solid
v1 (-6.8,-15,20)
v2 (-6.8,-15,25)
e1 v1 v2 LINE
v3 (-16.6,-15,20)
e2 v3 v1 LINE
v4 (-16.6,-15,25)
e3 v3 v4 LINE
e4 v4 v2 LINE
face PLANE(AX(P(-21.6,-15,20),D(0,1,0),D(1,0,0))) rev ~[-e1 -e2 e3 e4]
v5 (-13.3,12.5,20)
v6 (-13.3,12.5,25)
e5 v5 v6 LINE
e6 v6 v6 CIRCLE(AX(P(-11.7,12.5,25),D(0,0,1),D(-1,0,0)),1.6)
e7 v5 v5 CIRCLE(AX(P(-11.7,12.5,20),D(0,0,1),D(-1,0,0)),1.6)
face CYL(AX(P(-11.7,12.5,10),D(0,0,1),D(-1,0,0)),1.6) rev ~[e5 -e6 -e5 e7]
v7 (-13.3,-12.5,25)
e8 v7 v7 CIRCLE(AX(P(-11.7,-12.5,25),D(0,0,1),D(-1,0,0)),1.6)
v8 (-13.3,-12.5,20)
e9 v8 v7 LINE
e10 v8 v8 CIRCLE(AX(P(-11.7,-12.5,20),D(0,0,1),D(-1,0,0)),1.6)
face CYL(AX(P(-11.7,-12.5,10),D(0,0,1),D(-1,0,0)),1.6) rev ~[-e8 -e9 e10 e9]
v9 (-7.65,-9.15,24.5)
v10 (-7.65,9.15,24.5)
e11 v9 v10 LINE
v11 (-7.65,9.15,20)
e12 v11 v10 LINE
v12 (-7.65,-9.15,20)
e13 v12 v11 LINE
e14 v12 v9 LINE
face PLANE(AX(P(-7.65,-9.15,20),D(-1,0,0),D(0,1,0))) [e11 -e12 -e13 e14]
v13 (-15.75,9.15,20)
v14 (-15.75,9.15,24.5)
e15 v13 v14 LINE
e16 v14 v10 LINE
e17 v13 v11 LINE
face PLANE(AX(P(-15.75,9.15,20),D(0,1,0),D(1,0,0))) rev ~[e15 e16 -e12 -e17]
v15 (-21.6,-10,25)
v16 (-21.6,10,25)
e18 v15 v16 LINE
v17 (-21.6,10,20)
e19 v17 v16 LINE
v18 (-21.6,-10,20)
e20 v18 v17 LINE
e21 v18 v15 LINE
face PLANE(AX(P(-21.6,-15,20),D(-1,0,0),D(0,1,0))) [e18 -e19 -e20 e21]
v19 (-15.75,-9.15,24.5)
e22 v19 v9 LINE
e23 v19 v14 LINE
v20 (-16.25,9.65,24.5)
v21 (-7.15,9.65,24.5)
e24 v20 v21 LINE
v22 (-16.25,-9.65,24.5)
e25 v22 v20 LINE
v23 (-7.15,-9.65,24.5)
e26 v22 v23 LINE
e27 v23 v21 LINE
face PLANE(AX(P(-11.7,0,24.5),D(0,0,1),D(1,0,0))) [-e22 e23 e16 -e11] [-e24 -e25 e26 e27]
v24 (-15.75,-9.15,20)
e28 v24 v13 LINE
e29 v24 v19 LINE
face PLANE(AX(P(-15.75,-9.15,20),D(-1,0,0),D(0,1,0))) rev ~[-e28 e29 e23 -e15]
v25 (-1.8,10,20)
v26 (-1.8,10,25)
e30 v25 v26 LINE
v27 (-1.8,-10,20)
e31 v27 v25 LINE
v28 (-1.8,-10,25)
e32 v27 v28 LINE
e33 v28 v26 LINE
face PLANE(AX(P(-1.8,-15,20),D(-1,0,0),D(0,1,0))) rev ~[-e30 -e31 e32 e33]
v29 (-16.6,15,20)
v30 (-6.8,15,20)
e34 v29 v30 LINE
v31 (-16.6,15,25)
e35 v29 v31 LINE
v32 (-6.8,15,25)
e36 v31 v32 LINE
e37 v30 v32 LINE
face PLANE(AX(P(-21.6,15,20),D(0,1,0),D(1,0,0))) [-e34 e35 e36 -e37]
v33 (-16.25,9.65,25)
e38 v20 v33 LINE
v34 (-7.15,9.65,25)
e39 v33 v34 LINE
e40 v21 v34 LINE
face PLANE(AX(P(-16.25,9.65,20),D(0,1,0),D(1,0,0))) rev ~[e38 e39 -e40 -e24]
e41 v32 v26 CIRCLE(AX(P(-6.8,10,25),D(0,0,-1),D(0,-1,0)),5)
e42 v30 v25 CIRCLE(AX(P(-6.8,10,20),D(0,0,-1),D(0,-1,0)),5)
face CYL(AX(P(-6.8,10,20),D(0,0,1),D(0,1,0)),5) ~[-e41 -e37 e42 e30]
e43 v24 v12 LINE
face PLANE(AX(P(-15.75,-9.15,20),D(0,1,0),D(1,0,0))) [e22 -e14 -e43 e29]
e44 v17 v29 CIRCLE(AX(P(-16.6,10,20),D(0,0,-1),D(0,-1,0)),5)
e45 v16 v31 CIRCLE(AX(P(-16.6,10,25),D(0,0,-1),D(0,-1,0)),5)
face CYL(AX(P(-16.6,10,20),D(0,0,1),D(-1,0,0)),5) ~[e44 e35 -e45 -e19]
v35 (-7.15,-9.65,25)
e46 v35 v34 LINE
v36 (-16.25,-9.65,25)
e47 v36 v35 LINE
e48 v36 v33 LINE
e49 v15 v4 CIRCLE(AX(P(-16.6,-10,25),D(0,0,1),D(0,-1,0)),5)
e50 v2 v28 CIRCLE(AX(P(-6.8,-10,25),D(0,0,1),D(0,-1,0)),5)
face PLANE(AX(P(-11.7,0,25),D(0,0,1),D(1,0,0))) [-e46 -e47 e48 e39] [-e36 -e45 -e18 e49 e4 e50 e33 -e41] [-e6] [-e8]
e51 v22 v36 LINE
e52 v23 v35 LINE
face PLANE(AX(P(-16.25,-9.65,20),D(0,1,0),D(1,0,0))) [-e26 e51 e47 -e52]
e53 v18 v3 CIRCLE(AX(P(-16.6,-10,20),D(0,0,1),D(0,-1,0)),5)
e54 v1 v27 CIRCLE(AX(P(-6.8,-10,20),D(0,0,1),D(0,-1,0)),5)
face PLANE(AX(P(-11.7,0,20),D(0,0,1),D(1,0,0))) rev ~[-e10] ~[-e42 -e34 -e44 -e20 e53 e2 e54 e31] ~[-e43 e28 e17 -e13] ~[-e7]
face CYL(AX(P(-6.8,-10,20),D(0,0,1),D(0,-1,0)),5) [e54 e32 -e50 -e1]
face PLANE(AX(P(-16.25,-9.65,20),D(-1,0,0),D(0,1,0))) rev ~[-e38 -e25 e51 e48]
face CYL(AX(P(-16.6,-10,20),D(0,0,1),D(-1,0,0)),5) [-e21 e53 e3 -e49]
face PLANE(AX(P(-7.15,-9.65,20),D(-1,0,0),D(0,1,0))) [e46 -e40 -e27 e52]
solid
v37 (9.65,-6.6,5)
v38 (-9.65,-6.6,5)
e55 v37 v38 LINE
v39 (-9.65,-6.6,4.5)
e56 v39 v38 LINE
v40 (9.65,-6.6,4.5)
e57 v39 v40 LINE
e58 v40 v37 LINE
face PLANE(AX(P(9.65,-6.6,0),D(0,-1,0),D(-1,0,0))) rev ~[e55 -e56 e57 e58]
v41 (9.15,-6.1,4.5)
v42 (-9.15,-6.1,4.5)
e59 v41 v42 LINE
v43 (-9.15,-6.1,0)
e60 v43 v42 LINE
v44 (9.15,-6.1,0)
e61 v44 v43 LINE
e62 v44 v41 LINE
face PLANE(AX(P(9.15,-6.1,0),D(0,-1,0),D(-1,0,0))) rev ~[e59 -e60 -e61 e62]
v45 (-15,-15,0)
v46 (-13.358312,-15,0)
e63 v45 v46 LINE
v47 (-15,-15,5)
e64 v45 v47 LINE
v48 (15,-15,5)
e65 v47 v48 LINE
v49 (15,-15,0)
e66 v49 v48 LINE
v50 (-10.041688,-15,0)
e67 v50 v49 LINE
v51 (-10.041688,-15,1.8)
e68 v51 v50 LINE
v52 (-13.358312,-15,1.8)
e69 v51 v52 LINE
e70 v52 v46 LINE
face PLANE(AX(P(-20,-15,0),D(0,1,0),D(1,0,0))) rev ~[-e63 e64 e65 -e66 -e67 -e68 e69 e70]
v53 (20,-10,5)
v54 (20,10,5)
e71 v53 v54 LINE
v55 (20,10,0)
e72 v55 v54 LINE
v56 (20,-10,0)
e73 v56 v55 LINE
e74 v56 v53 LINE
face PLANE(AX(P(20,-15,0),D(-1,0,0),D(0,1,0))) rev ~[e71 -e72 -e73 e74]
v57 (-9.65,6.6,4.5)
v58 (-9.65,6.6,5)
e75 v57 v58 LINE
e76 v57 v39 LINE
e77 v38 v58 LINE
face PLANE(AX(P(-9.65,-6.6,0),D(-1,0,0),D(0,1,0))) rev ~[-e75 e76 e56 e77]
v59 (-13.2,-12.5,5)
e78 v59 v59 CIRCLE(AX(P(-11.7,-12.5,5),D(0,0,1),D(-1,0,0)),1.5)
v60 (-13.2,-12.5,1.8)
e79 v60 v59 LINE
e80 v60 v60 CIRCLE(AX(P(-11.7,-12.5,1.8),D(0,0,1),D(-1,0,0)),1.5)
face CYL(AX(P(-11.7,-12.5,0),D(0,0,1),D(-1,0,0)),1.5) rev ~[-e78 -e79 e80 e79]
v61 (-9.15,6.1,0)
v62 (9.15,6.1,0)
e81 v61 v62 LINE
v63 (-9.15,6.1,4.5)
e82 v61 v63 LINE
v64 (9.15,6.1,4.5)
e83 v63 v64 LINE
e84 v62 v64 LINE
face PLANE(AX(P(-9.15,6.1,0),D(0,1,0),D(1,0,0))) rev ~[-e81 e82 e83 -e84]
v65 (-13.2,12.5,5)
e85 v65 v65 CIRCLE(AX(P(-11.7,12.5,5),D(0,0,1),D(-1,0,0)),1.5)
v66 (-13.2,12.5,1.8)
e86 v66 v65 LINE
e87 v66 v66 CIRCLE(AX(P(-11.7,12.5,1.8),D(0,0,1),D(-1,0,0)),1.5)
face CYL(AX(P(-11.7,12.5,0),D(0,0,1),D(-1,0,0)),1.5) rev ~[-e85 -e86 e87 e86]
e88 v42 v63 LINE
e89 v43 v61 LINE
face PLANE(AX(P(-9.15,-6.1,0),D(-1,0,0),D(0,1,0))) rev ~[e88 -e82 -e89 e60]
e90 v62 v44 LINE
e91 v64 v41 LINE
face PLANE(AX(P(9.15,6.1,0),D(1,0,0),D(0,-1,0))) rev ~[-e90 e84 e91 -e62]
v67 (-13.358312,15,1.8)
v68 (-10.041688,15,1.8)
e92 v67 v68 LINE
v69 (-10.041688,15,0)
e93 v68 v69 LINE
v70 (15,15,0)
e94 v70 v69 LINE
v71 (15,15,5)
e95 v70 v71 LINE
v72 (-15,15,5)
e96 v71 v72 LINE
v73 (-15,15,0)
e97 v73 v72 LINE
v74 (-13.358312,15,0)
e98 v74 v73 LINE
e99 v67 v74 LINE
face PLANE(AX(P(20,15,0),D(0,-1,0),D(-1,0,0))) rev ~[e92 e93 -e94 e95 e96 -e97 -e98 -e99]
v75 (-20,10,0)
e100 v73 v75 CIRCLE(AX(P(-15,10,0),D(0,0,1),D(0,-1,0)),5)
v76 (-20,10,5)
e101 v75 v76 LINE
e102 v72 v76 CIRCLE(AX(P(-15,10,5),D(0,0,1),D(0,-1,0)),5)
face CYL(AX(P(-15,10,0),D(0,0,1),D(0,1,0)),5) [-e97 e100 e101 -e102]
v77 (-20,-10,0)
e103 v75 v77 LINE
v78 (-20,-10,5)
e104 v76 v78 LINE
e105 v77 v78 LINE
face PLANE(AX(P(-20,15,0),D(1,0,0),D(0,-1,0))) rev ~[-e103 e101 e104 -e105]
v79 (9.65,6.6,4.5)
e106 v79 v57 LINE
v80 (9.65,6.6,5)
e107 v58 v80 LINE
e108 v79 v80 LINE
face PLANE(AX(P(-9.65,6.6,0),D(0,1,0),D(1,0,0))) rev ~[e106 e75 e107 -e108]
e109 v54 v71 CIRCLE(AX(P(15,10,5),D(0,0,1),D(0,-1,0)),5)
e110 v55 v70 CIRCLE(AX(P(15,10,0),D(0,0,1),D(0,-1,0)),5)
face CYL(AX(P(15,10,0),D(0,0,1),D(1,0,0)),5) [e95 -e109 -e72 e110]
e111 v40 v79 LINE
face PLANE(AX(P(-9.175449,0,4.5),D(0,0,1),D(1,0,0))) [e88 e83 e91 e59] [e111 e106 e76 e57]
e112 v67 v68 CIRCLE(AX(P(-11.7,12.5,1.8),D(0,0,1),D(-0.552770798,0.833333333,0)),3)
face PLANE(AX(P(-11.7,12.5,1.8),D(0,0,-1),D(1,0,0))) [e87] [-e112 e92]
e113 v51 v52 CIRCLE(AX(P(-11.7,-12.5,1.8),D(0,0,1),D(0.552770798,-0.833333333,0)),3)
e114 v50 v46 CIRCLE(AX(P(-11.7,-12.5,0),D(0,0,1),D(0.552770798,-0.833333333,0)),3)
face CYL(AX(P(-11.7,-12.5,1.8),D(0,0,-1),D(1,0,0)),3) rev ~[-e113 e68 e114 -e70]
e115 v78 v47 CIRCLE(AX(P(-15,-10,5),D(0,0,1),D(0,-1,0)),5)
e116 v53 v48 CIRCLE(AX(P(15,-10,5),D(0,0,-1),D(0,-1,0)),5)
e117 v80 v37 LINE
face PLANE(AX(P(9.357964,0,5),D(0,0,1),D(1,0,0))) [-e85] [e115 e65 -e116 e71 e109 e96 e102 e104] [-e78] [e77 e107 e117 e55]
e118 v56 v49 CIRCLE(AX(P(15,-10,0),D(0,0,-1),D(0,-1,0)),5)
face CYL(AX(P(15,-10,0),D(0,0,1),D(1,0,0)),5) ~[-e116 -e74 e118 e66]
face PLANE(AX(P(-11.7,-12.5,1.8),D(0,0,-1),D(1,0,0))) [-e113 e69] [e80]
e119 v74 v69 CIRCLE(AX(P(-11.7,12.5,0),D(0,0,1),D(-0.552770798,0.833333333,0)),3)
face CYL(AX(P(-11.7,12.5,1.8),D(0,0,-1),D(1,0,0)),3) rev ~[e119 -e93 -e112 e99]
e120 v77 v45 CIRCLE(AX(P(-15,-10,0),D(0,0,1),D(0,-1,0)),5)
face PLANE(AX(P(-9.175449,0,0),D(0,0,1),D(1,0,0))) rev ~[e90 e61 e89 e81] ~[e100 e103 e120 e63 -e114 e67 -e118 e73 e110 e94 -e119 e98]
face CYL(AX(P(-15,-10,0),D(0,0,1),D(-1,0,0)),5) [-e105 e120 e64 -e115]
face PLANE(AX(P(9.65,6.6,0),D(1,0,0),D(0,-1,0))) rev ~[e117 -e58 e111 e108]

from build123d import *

# Parameters (mm, degrees)
F1_DEPTH       = 5
F0_W           = 0.5
F0_H           = 0.5
F0_W_2         = 5.35
F2_DEPTH       = 4.5
F3_R           = 5
F4_D           = 3
F4_DEPTH       = 10
F4_CBORE_D     = 6
F4_CBORE_DEPTH = 1.8
F4_TIP         = 0.9012909285
F6_W           = 19.8
F6_H           = 30
F6_W_2         = 9.1
F6_H_2         = 19.3
F7_DEPTH       = 5
F6_W_3         = 8.1
F6_H_3         = 18.3
F8_DEPTH       = 4.5
F9_R           = 5
F10_D          = 3.2
F10_DEPTH      = 10
F10_TIP        = 0.9613769904


with BuildPart() as f1:
    # F0 (on Top) → F1 (new body)
    with BuildSketch(Plane.XY):
        Polygon((9.65, -6.6), (-1.8, -6.6), (-1.8, -15), (20, -15), (20, 15), (-1.8, 15), (-1.8, 6.6), (9.65, 6.6), align=None)
        Polygon((-7.65, -6.6), (-9.65, -6.6), (-9.65, 6.6), (-7.65, 6.6), (-7.65, 9.15), (-15.75, 9.15), (-15.75, -9.15), (-7.65, -9.15), align=None)
        Polygon((-7.15, -6.6), (-7.65, -6.6), (-7.65, -9.15), (-15.75, -9.15), (-15.75, 9.15), (-7.65, 9.15), (-7.65, 6.6), (-7.15, 6.6), (-7.15, 9.65), (-16.25, 9.65), (-16.25, -9.65), (-7.15, -9.65), align=None)
        Polygon((-1.8, -6.6), (-7.15, -6.6), (-7.15, -9.65), (-16.25, -9.65), (-16.25, 9.65), (-7.15, 9.65), (-7.15, 6.6), (-1.8, 6.6), (-1.8, 15), (-20, 15), (-20, -15), (-1.8, -15), align=None)
    extrude(amount=F1_DEPTH)

    # F0 (on Top) → F2 (join)
    with BuildSketch(Plane.XY):
        Polygon((-9.65, 6.6), (-9.65, -6.6), (-7.65, -6.6), (-7.65, -6.1), (-9.15, -6.1), (-9.15, 6.1), (-7.65, 6.1), (-7.65, 6.6), align=None)
        with Locations((-7.4, 6.35)):
            Rectangle(F0_W, F0_H)
        Polygon((-1.8, -6.1), (-1.8, -6.6), (9.65, -6.6), (9.65, 6.6), (-1.8, 6.6), (-1.8, 6.1), (9.15, 6.1), (9.15, -6.1), align=None)
        with Locations((-7.4, -6.35)):
            Rectangle(F0_W, F0_H)
        with Locations((-4.475, -6.35)):
            Rectangle(F0_W_2, F0_H)
        with Locations((-4.475, 6.35)):
            Rectangle(F0_W_2, F0_H)
    extrude(amount=F2_DEPTH)

    # F3
    f3_edges = [f1.edges().sort_by_distance(p)[0] for p in [
        (-20, -15, 2.5),
        (20, -15, 2.5),
        (-20, 15, 2.5),
        (20, 15, 2.5),
    ]]
    fillet(f3_edges, radius=F3_R)

    # F4
    with Locations(Plane(origin=(0, 0, 0), x_dir=(1, 0, 0), z_dir=(0, 0, -1))):
        with Locations((-11.7, 12.5), (-11.7, -12.5)):
            CounterBoreHole(F4_D / 2, F4_CBORE_D / 2, F4_CBORE_DEPTH, depth=F4_DEPTH)
            with Locations((0, 0, -(F4_DEPTH + F4_TIP / 2))):  # 118° drill point
                Cone(0, F4_D / 2, F4_TIP, mode=Mode.SUBTRACT)


with BuildPart() as f7:
    # F6 (on offset) → F7 (new body)
    with BuildSketch(Plane.XY.offset(20)):
        with Locations((-11.7, 0)):
            Rectangle(F6_W, F6_H)
        with Locations((-11.7, 0)):
            Rectangle(F6_W_2, F6_H_2, mode=Mode.SUBTRACT)
    extrude(amount=F7_DEPTH)

    # F6 (on offset) → F8 (join)
    with BuildSketch(Plane.XY.offset(20)):
        with Locations((-11.7, 0)):
            Rectangle(F6_W_2, F6_H_2)
        with Locations((-11.7, 0)):
            Rectangle(F6_W_3, F6_H_3, mode=Mode.SUBTRACT)
    extrude(amount=F8_DEPTH)

    # F9
    f9_edges = [f7.edges().sort_by_distance(p)[0] for p in [
        (-1.8, 15, 22.5),
        (-21.6, 15, 22.5),
        (-21.6, -15, 22.5),
        (-1.8, -15, 22.5),
    ]]
    fillet(f9_edges, radius=F9_R)

    # F10
    with Locations(Plane(origin=(0, 0, 20), x_dir=(1, 0, 0), z_dir=(0, 0, -1))):
        with Locations((-11.7, 12.5), (-11.7, -12.5)):
            Hole(F10_D / 2, depth=F10_DEPTH)
            with Locations((0, 0, -(F10_DEPTH + F10_TIP / 2))):  # 118° drill point
                Cone(0, F10_D / 2, F10_TIP, mode=Mode.SUBTRACT)


solid = Compound([f1.part, f7.part])
